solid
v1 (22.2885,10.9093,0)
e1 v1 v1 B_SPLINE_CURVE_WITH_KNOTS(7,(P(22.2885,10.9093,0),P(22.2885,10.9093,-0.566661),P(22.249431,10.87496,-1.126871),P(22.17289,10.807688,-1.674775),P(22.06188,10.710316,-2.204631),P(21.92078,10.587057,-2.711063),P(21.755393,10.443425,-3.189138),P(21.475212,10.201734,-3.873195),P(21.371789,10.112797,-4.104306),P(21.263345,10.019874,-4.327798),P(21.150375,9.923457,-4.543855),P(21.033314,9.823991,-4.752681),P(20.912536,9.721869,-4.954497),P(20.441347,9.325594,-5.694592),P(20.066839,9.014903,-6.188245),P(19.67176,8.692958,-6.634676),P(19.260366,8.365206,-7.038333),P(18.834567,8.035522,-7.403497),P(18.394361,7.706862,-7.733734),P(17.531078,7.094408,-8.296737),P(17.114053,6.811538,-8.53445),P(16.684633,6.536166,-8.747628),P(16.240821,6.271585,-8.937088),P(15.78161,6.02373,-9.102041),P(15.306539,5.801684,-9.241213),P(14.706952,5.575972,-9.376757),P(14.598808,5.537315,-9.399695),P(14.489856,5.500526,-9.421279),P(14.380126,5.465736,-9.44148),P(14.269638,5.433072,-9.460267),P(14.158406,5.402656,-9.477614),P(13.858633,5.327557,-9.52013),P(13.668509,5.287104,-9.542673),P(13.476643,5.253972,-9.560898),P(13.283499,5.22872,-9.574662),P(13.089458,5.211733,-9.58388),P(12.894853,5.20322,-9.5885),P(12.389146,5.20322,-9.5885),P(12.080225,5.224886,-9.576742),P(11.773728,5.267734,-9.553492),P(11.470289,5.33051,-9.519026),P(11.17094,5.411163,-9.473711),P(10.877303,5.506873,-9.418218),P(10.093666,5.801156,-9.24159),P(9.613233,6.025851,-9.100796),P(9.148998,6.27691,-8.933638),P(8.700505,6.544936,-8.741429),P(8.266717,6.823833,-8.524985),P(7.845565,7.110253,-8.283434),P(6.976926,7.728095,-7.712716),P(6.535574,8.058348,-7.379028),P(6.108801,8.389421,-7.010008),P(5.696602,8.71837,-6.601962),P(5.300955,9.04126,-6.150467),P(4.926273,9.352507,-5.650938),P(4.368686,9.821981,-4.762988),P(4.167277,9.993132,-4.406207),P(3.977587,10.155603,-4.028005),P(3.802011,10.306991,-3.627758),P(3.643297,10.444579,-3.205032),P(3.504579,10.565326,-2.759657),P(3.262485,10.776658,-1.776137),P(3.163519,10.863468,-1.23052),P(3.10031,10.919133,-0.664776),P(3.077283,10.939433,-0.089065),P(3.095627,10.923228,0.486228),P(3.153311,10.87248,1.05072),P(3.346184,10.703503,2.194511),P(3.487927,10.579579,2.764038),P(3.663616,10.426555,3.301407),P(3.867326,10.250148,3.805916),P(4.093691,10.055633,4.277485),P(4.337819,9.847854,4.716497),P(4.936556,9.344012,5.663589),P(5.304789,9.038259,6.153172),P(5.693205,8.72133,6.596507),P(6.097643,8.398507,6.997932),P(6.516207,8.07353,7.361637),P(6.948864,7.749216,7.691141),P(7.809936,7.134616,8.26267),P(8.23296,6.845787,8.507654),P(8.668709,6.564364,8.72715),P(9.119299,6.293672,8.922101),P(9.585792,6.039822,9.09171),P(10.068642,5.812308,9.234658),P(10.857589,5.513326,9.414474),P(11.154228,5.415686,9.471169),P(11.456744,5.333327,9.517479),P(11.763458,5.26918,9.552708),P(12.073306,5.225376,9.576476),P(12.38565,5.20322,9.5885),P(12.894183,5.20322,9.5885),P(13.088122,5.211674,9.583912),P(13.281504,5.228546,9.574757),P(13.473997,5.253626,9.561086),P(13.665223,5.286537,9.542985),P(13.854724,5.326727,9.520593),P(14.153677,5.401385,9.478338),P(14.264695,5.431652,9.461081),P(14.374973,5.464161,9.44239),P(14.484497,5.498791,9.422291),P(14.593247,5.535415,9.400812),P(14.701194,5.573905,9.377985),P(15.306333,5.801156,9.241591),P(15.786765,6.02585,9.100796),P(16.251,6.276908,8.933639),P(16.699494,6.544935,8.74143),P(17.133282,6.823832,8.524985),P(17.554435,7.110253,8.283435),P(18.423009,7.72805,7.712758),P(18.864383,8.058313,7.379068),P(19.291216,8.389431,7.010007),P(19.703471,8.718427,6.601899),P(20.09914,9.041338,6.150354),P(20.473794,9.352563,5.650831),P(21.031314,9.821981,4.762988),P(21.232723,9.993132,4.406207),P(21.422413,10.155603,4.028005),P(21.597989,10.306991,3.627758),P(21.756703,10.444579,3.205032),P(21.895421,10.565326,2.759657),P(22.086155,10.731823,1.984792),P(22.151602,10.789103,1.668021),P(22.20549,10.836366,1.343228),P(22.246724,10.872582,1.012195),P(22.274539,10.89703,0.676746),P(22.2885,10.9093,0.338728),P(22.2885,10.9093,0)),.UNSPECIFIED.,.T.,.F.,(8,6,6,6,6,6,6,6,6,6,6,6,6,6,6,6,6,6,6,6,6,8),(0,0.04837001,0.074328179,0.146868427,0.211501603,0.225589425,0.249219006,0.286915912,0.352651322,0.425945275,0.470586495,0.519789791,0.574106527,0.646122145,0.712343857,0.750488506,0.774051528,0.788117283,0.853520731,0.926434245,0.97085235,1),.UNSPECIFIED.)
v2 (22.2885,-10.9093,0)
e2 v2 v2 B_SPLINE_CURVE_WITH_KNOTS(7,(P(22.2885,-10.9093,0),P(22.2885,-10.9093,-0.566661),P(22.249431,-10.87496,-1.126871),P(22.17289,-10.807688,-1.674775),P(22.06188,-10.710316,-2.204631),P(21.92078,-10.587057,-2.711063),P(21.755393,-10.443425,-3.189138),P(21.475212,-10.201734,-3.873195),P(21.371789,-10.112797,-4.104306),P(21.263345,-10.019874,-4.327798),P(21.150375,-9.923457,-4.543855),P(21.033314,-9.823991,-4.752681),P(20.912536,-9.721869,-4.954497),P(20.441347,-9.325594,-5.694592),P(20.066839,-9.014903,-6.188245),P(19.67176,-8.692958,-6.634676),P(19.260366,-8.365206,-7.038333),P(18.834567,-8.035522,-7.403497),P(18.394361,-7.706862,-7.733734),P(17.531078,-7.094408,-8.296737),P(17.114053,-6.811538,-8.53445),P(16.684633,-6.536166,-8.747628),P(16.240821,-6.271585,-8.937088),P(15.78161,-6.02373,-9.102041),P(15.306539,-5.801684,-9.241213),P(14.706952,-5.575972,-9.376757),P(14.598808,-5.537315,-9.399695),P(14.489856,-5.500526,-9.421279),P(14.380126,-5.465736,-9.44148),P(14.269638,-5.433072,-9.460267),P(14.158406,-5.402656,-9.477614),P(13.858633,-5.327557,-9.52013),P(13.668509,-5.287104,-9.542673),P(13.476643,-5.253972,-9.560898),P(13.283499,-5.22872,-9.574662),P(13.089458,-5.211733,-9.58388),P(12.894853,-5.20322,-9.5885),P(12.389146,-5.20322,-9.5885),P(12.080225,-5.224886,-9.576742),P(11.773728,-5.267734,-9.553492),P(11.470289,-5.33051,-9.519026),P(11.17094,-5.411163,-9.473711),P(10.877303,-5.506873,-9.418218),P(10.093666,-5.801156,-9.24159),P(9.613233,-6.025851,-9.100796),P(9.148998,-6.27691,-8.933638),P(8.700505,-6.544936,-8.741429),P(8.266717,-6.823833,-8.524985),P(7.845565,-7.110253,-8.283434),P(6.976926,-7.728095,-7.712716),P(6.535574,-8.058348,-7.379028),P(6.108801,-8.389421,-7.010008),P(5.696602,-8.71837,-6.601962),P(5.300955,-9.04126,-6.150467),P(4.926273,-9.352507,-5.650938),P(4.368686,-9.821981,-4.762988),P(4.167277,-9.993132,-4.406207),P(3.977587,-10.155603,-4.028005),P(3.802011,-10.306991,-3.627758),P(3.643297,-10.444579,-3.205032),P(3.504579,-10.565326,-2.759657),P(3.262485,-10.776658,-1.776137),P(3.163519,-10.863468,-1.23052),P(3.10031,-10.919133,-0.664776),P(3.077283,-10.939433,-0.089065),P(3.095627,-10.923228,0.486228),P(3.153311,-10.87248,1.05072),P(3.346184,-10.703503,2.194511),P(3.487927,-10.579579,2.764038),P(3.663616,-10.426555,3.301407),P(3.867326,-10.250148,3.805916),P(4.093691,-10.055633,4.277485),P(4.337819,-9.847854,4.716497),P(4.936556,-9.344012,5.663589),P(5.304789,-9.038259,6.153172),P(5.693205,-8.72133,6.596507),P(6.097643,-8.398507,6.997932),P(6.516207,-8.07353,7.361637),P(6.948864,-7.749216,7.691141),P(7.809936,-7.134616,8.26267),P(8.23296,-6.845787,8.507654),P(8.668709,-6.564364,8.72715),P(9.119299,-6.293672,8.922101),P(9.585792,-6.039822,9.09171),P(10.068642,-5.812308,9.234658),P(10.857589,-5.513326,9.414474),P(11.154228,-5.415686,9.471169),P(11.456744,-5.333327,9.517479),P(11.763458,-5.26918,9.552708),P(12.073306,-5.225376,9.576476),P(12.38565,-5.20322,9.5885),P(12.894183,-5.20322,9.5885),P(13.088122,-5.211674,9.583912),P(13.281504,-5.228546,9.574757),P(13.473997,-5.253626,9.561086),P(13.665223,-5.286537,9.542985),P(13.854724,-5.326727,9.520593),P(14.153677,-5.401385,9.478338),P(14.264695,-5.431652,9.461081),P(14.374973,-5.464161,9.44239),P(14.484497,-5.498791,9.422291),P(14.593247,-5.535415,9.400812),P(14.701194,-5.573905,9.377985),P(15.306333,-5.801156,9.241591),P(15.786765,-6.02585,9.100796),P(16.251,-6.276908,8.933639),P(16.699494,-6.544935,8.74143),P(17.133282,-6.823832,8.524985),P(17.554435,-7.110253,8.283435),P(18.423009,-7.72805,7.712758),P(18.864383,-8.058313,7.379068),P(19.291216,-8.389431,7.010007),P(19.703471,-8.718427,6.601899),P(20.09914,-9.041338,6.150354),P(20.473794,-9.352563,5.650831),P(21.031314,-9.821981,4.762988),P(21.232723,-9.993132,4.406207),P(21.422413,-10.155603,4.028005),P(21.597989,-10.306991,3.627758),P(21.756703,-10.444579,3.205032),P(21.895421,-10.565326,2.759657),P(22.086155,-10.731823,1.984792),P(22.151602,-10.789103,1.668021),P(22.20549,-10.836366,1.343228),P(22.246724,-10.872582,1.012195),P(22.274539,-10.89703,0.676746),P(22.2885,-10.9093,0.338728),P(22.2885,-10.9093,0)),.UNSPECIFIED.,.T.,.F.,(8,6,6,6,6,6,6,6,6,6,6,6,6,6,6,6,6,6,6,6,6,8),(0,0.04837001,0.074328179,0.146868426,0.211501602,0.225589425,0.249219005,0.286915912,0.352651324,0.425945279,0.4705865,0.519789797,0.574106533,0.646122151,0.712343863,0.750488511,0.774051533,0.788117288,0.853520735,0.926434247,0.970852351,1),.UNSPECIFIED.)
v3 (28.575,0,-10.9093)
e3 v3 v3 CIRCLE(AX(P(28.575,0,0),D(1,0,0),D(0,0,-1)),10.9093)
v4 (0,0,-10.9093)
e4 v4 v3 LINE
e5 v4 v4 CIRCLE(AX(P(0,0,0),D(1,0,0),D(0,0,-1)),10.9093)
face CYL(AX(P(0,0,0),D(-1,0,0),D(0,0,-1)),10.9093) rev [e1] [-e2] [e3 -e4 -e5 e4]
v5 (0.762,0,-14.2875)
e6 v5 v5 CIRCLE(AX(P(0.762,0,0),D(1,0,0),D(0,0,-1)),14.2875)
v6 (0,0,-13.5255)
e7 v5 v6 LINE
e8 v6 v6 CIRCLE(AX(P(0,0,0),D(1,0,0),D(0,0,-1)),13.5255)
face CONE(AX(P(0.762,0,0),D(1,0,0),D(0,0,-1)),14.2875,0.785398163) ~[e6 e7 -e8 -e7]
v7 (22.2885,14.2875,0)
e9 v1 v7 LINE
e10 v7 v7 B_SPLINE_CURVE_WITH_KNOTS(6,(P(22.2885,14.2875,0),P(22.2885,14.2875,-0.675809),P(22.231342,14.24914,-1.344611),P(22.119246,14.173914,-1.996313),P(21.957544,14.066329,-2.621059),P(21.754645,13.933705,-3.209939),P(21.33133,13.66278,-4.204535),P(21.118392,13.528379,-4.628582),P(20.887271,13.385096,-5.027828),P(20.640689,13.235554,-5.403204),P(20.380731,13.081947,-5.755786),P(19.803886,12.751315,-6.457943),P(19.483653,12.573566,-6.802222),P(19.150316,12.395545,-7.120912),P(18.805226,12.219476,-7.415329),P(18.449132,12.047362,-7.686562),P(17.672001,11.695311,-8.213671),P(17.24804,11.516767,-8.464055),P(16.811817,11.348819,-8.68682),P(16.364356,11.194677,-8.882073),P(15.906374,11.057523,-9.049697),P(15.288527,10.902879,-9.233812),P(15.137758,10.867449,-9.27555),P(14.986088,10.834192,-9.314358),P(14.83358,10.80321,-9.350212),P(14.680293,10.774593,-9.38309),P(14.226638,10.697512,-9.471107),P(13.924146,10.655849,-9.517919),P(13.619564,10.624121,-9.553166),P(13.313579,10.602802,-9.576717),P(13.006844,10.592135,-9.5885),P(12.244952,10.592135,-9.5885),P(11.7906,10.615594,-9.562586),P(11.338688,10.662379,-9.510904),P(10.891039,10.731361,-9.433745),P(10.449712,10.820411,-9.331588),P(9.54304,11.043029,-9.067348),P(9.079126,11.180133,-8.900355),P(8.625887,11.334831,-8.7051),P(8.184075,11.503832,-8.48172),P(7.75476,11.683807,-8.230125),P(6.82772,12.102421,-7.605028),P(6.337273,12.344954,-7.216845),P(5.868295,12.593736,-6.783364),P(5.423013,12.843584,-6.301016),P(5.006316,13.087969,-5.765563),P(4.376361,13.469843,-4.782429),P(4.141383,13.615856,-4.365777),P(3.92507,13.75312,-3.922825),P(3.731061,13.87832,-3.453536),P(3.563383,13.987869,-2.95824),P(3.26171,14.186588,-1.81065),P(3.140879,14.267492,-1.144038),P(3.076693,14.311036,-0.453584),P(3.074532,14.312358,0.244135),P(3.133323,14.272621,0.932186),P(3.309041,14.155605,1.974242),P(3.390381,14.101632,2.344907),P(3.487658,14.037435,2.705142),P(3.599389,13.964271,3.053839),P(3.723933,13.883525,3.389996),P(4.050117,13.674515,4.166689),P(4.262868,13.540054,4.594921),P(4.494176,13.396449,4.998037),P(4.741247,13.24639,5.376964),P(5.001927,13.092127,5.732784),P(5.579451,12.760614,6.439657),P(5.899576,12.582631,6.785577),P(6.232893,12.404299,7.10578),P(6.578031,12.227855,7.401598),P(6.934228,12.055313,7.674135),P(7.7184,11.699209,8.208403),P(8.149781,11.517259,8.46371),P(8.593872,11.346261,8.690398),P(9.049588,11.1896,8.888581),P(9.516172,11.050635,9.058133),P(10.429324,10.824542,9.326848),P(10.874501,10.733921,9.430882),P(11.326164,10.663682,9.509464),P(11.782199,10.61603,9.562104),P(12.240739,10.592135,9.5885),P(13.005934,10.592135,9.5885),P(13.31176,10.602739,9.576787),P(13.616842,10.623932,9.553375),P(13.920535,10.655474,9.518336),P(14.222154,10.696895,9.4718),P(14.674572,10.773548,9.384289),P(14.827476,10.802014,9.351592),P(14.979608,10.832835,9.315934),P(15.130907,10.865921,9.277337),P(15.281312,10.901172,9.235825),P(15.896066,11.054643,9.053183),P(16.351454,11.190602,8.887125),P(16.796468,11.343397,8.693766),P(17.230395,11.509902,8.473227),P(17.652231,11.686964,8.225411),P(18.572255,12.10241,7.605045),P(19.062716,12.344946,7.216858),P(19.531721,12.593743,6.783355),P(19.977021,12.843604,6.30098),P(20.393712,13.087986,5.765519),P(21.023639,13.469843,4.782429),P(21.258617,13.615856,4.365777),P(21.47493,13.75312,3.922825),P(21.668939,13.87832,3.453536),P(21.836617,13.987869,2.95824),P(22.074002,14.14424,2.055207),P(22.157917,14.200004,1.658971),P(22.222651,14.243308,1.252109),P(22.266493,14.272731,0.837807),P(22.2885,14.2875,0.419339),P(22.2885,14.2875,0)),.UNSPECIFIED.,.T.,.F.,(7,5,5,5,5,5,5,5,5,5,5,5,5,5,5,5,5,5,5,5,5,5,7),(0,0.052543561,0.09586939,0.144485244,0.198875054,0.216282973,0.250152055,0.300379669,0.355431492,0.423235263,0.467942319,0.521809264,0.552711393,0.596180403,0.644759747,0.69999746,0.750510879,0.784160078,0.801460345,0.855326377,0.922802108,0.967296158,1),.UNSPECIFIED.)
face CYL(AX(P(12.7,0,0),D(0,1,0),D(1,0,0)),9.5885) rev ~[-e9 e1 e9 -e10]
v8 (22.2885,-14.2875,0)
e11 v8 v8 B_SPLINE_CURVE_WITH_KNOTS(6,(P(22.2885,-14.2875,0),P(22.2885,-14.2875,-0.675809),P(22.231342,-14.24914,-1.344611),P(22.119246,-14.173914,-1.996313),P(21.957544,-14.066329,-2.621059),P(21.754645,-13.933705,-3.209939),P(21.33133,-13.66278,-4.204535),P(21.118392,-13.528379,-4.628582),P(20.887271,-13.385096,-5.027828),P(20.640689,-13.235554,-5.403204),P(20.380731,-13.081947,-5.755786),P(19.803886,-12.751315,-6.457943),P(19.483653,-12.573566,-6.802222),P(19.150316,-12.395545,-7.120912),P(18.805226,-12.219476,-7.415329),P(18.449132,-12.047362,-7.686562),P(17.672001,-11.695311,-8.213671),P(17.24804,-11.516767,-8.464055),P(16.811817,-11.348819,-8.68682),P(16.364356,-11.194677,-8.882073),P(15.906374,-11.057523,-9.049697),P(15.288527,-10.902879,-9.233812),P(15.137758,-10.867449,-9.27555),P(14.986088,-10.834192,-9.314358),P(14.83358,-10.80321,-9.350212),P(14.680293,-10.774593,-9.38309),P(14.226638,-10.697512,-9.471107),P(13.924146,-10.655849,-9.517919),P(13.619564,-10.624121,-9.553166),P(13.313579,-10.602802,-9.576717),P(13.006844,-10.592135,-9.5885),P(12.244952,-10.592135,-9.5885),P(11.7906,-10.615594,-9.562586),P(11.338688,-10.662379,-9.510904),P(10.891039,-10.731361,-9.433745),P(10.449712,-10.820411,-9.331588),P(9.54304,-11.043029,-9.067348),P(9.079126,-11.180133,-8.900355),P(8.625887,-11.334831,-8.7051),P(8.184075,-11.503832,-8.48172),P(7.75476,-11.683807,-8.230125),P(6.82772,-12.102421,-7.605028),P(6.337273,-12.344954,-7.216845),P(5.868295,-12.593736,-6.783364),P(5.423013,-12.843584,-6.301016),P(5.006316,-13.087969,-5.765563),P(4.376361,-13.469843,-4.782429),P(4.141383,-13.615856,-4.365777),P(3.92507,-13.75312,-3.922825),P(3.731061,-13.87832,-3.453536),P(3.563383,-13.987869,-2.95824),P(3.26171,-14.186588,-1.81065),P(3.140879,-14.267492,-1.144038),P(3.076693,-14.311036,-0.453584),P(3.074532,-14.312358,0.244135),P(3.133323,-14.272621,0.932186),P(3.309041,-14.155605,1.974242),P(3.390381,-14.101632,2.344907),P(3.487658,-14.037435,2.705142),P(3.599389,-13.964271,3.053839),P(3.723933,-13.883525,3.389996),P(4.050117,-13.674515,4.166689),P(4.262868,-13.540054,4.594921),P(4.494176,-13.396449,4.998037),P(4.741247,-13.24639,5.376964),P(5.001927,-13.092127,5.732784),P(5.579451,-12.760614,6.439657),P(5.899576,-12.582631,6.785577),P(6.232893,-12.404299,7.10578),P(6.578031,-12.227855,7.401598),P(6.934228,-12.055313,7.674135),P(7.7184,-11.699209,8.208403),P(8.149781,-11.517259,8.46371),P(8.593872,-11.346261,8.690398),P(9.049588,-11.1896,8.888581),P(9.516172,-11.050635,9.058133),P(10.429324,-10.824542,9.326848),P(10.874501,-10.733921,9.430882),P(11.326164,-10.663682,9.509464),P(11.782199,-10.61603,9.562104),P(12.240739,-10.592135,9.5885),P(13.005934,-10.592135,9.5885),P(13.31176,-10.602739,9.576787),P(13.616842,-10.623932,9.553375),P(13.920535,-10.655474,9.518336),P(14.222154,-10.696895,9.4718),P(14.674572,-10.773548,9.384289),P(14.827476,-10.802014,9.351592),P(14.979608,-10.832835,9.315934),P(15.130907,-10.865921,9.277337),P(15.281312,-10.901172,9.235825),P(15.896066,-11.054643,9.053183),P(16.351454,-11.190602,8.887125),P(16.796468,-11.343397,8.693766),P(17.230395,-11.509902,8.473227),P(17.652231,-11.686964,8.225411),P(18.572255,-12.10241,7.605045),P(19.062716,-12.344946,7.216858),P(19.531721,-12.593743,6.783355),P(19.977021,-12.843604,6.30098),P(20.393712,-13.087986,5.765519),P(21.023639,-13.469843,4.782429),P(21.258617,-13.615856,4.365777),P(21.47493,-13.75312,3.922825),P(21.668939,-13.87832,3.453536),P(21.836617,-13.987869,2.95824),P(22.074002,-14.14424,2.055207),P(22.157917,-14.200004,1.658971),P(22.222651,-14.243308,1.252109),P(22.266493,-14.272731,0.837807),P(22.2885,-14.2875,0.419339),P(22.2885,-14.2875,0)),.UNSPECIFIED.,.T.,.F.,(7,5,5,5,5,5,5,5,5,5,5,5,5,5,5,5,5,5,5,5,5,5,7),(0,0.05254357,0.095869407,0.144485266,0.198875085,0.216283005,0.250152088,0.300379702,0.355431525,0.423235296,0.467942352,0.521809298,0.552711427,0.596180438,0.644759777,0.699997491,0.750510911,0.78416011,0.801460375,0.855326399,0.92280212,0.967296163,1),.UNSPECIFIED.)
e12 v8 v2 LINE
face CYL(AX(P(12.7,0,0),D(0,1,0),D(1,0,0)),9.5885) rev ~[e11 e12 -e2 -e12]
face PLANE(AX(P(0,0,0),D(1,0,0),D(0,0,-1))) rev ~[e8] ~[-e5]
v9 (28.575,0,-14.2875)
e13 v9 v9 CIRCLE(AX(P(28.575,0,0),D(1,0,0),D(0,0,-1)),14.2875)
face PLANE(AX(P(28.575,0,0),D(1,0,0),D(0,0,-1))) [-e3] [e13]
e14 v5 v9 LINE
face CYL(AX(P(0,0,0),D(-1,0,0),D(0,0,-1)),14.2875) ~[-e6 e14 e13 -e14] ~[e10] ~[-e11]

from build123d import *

# Parameters (mm, degrees)
SKETCH1_R           = 14.2875
SKETCH1_R_2         = 10.9093
BOSS_EXTRUDE1_DEPTH = 28.575
SKETCH2_R           = 9.5885
CUT_EXTRUDE1_DEPTH  = 19.05
CHAMFER1_SIZE       = 0.762


with BuildPart() as part:
    # Sketch1 → Boss-Extrude1 (new body)
    with BuildSketch(Plane(origin=(0, 0, 0), x_dir=(0, 0, -1), z_dir=(1, 0, 0))):
        Circle(SKETCH1_R)
        Circle(SKETCH1_R_2, mode=Mode.SUBTRACT)
    extrude(amount=BOSS_EXTRUDE1_DEPTH)

    # Sketch2 → Cut-Extrude1 (cut, symmetric)
    with BuildSketch(Plane(origin=(0, 0, 0), x_dir=(1, 0, 0), z_dir=(0, 1, 0))):
        with Locations((12.7, 0)):
            Circle(SKETCH2_R)
    extrude(amount=CUT_EXTRUDE1_DEPTH, both=True, mode=Mode.SUBTRACT)

    # Chamfer1
    chamfer1_edges = [part.edges().sort_by_distance(p)[0] for p in [
        (0, 0, 14.2875),
    ]]
    chamfer(chamfer1_edges, length=CHAMFER1_SIZE)


solid = part.part
